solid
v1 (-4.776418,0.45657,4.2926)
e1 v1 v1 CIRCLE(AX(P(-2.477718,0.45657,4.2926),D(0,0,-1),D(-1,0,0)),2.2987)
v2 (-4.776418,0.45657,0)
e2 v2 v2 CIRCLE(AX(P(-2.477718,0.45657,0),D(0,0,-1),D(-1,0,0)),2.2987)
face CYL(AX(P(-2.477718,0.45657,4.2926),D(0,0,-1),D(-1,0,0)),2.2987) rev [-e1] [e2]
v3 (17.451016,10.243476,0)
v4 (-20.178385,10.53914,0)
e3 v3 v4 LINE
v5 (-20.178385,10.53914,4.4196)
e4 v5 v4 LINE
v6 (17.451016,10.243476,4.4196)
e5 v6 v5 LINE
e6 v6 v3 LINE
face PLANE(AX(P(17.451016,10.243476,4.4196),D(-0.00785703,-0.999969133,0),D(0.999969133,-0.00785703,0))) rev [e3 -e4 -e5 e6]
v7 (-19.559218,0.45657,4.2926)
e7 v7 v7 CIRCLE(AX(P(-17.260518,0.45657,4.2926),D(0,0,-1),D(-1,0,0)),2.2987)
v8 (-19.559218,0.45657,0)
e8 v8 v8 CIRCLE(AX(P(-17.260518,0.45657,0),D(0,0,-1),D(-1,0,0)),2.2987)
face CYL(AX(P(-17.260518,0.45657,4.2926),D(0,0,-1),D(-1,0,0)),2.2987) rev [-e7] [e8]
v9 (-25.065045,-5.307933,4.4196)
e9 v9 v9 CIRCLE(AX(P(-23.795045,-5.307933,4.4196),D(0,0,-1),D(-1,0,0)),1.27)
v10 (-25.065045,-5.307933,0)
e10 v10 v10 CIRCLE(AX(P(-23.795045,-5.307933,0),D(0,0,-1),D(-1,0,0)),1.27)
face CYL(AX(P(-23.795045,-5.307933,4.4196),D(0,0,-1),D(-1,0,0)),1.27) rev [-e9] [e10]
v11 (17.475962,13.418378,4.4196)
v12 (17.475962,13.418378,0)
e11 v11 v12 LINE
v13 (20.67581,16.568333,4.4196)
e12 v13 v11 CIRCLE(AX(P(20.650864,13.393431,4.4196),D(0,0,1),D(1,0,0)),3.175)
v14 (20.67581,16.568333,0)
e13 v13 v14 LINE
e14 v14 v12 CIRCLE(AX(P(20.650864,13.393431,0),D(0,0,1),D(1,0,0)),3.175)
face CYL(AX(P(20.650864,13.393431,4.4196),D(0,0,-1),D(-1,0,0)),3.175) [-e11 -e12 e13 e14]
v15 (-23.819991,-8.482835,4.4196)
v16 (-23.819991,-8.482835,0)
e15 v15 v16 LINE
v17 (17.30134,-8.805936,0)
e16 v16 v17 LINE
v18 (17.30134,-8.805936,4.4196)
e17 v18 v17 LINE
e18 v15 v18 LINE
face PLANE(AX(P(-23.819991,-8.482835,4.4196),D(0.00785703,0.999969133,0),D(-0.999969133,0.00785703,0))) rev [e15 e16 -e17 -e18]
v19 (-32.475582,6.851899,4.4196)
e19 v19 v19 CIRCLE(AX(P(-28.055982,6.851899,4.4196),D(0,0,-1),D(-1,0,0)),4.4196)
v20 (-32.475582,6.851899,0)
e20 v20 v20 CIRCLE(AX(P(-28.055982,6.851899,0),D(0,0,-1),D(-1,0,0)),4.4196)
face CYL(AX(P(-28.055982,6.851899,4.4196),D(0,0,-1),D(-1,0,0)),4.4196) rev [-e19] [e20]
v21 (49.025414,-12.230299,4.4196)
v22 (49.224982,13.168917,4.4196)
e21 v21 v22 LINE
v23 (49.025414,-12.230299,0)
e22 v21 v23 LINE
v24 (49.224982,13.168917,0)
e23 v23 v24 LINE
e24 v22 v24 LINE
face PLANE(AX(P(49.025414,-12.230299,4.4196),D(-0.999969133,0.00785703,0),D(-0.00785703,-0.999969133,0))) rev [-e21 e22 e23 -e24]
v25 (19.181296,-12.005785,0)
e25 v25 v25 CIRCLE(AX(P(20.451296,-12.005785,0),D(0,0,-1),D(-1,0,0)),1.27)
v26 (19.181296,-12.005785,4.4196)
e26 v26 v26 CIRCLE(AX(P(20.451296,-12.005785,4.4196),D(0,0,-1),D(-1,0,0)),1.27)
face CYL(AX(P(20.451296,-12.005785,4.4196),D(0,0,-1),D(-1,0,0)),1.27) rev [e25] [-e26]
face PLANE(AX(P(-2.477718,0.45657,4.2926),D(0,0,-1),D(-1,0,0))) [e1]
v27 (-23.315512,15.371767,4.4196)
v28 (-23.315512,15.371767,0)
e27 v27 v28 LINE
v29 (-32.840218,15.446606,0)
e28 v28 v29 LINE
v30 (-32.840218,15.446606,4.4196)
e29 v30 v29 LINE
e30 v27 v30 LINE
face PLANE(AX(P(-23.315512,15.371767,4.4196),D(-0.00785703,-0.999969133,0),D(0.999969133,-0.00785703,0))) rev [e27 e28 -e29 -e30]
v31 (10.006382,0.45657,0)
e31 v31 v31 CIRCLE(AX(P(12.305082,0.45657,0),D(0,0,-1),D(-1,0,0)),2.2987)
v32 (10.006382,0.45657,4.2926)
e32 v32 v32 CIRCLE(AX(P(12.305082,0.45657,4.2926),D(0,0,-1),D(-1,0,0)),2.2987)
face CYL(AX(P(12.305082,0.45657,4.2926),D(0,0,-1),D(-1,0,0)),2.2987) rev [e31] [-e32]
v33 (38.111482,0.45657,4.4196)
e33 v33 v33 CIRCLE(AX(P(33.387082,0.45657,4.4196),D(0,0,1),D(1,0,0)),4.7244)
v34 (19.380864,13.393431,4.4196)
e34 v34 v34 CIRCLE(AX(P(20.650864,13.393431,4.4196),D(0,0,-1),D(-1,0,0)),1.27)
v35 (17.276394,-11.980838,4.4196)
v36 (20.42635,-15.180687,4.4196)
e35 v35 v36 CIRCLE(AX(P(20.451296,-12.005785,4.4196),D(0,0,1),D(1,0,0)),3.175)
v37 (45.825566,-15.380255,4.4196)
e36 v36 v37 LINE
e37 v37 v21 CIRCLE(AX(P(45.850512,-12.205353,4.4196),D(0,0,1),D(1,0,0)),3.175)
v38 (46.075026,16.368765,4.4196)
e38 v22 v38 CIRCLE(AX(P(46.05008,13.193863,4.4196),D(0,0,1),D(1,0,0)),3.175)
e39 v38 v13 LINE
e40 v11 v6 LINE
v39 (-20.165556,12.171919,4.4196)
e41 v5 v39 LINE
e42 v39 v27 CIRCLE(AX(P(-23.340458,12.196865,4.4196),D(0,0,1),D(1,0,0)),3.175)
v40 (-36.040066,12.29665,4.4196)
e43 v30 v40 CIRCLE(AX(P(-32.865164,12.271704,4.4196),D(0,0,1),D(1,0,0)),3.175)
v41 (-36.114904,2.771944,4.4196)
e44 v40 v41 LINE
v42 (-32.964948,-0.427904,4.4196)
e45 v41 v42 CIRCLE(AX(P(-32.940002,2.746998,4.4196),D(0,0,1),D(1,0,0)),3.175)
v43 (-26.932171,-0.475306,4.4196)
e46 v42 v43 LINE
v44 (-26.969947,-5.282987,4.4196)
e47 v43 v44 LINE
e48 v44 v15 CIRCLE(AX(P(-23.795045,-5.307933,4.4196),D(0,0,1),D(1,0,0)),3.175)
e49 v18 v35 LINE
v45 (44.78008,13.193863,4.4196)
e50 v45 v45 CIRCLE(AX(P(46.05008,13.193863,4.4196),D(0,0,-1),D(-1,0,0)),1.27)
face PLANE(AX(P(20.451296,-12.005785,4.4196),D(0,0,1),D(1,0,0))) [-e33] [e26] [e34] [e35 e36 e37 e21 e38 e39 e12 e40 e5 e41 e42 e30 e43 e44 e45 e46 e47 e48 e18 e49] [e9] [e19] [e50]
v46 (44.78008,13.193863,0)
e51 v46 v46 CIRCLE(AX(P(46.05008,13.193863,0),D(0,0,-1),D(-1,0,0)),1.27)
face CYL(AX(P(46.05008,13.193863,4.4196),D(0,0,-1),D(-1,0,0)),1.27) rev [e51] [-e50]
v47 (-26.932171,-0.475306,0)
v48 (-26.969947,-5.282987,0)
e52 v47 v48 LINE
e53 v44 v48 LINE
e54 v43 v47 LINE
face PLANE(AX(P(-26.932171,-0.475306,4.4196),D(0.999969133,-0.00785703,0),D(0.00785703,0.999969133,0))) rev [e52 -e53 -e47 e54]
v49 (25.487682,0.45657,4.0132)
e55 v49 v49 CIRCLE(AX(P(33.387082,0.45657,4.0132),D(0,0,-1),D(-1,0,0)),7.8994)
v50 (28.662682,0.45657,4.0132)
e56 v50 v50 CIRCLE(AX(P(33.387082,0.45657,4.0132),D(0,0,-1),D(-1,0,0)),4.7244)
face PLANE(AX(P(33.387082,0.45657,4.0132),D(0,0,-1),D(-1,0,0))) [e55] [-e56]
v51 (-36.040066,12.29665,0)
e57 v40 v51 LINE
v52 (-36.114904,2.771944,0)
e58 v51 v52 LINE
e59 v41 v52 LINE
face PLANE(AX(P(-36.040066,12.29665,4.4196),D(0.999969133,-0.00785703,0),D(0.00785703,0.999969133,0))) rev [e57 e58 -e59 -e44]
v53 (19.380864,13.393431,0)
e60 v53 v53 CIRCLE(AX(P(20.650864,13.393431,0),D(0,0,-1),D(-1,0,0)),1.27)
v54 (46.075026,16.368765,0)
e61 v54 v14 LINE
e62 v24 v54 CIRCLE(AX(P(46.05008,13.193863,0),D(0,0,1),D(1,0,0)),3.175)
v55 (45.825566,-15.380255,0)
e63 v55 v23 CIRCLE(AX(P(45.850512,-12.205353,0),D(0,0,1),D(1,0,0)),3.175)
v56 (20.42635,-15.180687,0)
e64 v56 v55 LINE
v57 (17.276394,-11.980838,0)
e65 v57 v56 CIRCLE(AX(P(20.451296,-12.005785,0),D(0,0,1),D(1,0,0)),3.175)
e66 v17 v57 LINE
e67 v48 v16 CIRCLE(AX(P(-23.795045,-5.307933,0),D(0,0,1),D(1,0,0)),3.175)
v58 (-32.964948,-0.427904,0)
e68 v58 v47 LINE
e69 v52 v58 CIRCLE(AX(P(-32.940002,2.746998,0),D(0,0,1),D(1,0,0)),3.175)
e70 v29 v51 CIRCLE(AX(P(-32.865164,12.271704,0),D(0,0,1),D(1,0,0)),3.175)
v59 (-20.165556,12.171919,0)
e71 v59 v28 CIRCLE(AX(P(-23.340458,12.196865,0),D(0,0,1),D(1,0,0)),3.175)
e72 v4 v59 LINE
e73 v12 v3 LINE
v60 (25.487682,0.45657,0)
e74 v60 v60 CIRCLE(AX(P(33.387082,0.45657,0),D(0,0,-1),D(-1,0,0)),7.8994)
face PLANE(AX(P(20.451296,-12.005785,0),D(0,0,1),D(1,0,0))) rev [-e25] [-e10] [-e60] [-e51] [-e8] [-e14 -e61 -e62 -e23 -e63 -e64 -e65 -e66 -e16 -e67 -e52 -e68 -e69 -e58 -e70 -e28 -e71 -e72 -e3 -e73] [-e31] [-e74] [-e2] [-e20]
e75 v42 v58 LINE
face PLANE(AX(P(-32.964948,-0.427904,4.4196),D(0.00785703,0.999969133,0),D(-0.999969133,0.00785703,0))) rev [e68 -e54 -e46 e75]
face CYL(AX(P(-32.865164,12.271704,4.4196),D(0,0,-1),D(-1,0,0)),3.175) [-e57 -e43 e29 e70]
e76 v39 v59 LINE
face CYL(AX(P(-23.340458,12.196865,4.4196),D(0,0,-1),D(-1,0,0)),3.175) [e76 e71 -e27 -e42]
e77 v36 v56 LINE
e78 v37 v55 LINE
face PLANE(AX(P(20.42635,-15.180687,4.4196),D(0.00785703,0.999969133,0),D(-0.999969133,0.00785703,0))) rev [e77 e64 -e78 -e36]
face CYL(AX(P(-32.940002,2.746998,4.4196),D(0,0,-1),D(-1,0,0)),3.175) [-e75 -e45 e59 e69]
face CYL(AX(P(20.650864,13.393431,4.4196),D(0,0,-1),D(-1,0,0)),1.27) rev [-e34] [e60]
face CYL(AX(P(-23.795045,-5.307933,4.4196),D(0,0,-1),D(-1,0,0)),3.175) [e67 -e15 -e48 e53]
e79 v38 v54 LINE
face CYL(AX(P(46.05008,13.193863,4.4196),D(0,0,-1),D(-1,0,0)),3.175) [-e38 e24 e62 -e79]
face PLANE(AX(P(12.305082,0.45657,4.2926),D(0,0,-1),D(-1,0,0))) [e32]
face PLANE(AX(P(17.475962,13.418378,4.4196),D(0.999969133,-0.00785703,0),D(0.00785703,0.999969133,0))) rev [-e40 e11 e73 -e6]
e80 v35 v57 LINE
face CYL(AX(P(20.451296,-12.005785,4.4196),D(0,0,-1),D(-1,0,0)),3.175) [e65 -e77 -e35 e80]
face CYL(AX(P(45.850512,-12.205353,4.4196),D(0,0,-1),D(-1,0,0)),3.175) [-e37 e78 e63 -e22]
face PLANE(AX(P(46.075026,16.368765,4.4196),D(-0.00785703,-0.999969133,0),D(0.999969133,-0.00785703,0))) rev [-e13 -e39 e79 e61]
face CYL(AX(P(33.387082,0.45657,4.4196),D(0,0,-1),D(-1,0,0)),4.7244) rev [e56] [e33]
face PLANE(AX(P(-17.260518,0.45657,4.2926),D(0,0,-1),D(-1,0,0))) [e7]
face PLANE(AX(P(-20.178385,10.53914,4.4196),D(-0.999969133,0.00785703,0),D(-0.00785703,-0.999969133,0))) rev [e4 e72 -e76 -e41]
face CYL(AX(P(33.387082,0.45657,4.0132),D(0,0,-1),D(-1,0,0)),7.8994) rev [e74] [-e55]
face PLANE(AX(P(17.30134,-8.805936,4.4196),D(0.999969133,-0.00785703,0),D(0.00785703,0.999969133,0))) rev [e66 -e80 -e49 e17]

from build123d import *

# Parameters (mm, degrees)
SKETCH4_R                = 4.7244
STOCK_DEPTH              = 4.4196
SKETCH7_R                = 7.8994
CV_GEAR_WELL_DEPTH       = 4.0132
SKETCH8_R                = 2.2987
IDLER_GEAR_WELL_DEPTH    = 4.2926
SKETCH9_R                = 4.4196
SKETCH9_R_2              = 1.27
OUTDRIVE_GEAR_WELL_DEPTH = 4.4196


with BuildPart() as part:
    # Sketch4 → Stock (new body)
    with BuildSketch(Plane.XY):
        with BuildLine():
            Line((17.301339891, -8.805936455), (17.27639382, -11.980838452))
            ThreePointArc((17.27639382, -11.980838452), (18.188661549, -14.233139719), (20.426349746, -15.180686521))
            Line((20.426349746, -15.180686521), (45.825565725, -15.380255093))
            ThreePointArc((45.825565725, -15.380255093), (48.077866993, -14.467987364), (49.025413794, -12.230299167))
            Line((49.025413794, -12.230299167), (49.224982366, 13.168916813))
            ThreePointArc((49.224982366, 13.168916813), (48.312714637, 15.42121808), (46.07502644, 16.368764882))
            Line((46.07502644, 16.368764882), (20.675810461, 16.568333454))
            ThreePointArc((20.675810461, 16.568333454), (18.423509193, 15.656065724), (17.475962392, 13.418377528))
            Line((17.475962392, 13.418377528), (17.45101632, 10.24347553))
            Line((17.45101632, 10.24347553), (-20.178385282, 10.539140008))
            Line((-20.178385282, 10.539140008), (-20.16555609, 12.171919255))
            ThreePointArc((-20.16555609, 12.171919255), (-21.077823819, 14.424220522), (-23.315512016, 15.371767324))
            Line((-23.315512016, 15.371767324), (-32.840218009, 15.446605538))
            ThreePointArc((-32.840218009, 15.446605538), (-35.092519276, 14.534337809), (-36.040066078, 12.296649612))
            Line((-36.040066078, 12.296649612), (-36.114904292, 2.77194362))
            ThreePointArc((-36.114904292, 2.77194362), (-35.202636563, 0.519642353), (-32.964948366, -0.427904449))
            Line((-32.964948366, -0.427904449), (-26.932171442, -0.475305624))
            Line((-26.932171442, -0.475305624), (-26.969946706, -5.282986868))
            ThreePointArc((-26.969946706, -5.282986868), (-26.057678977, -7.535288135), (-23.81999078, -8.482834937))
            Line((-23.81999078, -8.482834937), (17.301339891, -8.805936455))
        make_face()
        with Locations((33.387081626, 0.456569756)):
            Circle(SKETCH4_R, mode=Mode.SUBTRACT)
    extrude(amount=STOCK_DEPTH)

    # Sketch7 → CV Gear Well (cut)
    with BuildSketch(Plane(origin=(0, 0, 0), x_dir=(-1, 0, 0), z_dir=(0, 0, -1))):
        with Locations((-33.387081626, 0.456569756)):
            Circle(SKETCH7_R)
    extrude(amount=-CV_GEAR_WELL_DEPTH, mode=Mode.SUBTRACT)

    # Sketch8 → Idler Gear Well (cut)
    with BuildSketch(Plane(origin=(0, 0, 0), x_dir=(-1, 0, 0), z_dir=(0, 0, -1))):
        with Locations((-12.305081626, 0.456569756)):
            Circle(SKETCH8_R)
        with Locations((2.477718374, 0.456569756)):
            Circle(SKETCH8_R)
        with Locations((17.260518374, 0.456569756)):
            Circle(SKETCH8_R)
    extrude(amount=-IDLER_GEAR_WELL_DEPTH, mode=Mode.SUBTRACT)

    # Sketch9 → Outdrive Gear Well (cut)
    with BuildSketch(Plane(origin=(0, 0, 0), x_dir=(-1, 0, 0), z_dir=(0, 0, -1))):
        with Locations((28.055981517, 6.851899403)):
            Circle(SKETCH9_R)
        with Locations((-46.050080369, 13.193862884)):
            Circle(SKETCH9_R_2)
        with Locations((-20.650864389, 13.393431456)):
            Circle(SKETCH9_R_2)
        with Locations((-20.451295817, -12.005784524)):
            Circle(SKETCH9_R_2)
        with Locations((23.795044709, -5.307932939)):
            Circle(SKETCH9_R_2)
    extrude(amount=-OUTDRIVE_GEAR_WELL_DEPTH, mode=Mode.SUBTRACT)


solid = part.part
